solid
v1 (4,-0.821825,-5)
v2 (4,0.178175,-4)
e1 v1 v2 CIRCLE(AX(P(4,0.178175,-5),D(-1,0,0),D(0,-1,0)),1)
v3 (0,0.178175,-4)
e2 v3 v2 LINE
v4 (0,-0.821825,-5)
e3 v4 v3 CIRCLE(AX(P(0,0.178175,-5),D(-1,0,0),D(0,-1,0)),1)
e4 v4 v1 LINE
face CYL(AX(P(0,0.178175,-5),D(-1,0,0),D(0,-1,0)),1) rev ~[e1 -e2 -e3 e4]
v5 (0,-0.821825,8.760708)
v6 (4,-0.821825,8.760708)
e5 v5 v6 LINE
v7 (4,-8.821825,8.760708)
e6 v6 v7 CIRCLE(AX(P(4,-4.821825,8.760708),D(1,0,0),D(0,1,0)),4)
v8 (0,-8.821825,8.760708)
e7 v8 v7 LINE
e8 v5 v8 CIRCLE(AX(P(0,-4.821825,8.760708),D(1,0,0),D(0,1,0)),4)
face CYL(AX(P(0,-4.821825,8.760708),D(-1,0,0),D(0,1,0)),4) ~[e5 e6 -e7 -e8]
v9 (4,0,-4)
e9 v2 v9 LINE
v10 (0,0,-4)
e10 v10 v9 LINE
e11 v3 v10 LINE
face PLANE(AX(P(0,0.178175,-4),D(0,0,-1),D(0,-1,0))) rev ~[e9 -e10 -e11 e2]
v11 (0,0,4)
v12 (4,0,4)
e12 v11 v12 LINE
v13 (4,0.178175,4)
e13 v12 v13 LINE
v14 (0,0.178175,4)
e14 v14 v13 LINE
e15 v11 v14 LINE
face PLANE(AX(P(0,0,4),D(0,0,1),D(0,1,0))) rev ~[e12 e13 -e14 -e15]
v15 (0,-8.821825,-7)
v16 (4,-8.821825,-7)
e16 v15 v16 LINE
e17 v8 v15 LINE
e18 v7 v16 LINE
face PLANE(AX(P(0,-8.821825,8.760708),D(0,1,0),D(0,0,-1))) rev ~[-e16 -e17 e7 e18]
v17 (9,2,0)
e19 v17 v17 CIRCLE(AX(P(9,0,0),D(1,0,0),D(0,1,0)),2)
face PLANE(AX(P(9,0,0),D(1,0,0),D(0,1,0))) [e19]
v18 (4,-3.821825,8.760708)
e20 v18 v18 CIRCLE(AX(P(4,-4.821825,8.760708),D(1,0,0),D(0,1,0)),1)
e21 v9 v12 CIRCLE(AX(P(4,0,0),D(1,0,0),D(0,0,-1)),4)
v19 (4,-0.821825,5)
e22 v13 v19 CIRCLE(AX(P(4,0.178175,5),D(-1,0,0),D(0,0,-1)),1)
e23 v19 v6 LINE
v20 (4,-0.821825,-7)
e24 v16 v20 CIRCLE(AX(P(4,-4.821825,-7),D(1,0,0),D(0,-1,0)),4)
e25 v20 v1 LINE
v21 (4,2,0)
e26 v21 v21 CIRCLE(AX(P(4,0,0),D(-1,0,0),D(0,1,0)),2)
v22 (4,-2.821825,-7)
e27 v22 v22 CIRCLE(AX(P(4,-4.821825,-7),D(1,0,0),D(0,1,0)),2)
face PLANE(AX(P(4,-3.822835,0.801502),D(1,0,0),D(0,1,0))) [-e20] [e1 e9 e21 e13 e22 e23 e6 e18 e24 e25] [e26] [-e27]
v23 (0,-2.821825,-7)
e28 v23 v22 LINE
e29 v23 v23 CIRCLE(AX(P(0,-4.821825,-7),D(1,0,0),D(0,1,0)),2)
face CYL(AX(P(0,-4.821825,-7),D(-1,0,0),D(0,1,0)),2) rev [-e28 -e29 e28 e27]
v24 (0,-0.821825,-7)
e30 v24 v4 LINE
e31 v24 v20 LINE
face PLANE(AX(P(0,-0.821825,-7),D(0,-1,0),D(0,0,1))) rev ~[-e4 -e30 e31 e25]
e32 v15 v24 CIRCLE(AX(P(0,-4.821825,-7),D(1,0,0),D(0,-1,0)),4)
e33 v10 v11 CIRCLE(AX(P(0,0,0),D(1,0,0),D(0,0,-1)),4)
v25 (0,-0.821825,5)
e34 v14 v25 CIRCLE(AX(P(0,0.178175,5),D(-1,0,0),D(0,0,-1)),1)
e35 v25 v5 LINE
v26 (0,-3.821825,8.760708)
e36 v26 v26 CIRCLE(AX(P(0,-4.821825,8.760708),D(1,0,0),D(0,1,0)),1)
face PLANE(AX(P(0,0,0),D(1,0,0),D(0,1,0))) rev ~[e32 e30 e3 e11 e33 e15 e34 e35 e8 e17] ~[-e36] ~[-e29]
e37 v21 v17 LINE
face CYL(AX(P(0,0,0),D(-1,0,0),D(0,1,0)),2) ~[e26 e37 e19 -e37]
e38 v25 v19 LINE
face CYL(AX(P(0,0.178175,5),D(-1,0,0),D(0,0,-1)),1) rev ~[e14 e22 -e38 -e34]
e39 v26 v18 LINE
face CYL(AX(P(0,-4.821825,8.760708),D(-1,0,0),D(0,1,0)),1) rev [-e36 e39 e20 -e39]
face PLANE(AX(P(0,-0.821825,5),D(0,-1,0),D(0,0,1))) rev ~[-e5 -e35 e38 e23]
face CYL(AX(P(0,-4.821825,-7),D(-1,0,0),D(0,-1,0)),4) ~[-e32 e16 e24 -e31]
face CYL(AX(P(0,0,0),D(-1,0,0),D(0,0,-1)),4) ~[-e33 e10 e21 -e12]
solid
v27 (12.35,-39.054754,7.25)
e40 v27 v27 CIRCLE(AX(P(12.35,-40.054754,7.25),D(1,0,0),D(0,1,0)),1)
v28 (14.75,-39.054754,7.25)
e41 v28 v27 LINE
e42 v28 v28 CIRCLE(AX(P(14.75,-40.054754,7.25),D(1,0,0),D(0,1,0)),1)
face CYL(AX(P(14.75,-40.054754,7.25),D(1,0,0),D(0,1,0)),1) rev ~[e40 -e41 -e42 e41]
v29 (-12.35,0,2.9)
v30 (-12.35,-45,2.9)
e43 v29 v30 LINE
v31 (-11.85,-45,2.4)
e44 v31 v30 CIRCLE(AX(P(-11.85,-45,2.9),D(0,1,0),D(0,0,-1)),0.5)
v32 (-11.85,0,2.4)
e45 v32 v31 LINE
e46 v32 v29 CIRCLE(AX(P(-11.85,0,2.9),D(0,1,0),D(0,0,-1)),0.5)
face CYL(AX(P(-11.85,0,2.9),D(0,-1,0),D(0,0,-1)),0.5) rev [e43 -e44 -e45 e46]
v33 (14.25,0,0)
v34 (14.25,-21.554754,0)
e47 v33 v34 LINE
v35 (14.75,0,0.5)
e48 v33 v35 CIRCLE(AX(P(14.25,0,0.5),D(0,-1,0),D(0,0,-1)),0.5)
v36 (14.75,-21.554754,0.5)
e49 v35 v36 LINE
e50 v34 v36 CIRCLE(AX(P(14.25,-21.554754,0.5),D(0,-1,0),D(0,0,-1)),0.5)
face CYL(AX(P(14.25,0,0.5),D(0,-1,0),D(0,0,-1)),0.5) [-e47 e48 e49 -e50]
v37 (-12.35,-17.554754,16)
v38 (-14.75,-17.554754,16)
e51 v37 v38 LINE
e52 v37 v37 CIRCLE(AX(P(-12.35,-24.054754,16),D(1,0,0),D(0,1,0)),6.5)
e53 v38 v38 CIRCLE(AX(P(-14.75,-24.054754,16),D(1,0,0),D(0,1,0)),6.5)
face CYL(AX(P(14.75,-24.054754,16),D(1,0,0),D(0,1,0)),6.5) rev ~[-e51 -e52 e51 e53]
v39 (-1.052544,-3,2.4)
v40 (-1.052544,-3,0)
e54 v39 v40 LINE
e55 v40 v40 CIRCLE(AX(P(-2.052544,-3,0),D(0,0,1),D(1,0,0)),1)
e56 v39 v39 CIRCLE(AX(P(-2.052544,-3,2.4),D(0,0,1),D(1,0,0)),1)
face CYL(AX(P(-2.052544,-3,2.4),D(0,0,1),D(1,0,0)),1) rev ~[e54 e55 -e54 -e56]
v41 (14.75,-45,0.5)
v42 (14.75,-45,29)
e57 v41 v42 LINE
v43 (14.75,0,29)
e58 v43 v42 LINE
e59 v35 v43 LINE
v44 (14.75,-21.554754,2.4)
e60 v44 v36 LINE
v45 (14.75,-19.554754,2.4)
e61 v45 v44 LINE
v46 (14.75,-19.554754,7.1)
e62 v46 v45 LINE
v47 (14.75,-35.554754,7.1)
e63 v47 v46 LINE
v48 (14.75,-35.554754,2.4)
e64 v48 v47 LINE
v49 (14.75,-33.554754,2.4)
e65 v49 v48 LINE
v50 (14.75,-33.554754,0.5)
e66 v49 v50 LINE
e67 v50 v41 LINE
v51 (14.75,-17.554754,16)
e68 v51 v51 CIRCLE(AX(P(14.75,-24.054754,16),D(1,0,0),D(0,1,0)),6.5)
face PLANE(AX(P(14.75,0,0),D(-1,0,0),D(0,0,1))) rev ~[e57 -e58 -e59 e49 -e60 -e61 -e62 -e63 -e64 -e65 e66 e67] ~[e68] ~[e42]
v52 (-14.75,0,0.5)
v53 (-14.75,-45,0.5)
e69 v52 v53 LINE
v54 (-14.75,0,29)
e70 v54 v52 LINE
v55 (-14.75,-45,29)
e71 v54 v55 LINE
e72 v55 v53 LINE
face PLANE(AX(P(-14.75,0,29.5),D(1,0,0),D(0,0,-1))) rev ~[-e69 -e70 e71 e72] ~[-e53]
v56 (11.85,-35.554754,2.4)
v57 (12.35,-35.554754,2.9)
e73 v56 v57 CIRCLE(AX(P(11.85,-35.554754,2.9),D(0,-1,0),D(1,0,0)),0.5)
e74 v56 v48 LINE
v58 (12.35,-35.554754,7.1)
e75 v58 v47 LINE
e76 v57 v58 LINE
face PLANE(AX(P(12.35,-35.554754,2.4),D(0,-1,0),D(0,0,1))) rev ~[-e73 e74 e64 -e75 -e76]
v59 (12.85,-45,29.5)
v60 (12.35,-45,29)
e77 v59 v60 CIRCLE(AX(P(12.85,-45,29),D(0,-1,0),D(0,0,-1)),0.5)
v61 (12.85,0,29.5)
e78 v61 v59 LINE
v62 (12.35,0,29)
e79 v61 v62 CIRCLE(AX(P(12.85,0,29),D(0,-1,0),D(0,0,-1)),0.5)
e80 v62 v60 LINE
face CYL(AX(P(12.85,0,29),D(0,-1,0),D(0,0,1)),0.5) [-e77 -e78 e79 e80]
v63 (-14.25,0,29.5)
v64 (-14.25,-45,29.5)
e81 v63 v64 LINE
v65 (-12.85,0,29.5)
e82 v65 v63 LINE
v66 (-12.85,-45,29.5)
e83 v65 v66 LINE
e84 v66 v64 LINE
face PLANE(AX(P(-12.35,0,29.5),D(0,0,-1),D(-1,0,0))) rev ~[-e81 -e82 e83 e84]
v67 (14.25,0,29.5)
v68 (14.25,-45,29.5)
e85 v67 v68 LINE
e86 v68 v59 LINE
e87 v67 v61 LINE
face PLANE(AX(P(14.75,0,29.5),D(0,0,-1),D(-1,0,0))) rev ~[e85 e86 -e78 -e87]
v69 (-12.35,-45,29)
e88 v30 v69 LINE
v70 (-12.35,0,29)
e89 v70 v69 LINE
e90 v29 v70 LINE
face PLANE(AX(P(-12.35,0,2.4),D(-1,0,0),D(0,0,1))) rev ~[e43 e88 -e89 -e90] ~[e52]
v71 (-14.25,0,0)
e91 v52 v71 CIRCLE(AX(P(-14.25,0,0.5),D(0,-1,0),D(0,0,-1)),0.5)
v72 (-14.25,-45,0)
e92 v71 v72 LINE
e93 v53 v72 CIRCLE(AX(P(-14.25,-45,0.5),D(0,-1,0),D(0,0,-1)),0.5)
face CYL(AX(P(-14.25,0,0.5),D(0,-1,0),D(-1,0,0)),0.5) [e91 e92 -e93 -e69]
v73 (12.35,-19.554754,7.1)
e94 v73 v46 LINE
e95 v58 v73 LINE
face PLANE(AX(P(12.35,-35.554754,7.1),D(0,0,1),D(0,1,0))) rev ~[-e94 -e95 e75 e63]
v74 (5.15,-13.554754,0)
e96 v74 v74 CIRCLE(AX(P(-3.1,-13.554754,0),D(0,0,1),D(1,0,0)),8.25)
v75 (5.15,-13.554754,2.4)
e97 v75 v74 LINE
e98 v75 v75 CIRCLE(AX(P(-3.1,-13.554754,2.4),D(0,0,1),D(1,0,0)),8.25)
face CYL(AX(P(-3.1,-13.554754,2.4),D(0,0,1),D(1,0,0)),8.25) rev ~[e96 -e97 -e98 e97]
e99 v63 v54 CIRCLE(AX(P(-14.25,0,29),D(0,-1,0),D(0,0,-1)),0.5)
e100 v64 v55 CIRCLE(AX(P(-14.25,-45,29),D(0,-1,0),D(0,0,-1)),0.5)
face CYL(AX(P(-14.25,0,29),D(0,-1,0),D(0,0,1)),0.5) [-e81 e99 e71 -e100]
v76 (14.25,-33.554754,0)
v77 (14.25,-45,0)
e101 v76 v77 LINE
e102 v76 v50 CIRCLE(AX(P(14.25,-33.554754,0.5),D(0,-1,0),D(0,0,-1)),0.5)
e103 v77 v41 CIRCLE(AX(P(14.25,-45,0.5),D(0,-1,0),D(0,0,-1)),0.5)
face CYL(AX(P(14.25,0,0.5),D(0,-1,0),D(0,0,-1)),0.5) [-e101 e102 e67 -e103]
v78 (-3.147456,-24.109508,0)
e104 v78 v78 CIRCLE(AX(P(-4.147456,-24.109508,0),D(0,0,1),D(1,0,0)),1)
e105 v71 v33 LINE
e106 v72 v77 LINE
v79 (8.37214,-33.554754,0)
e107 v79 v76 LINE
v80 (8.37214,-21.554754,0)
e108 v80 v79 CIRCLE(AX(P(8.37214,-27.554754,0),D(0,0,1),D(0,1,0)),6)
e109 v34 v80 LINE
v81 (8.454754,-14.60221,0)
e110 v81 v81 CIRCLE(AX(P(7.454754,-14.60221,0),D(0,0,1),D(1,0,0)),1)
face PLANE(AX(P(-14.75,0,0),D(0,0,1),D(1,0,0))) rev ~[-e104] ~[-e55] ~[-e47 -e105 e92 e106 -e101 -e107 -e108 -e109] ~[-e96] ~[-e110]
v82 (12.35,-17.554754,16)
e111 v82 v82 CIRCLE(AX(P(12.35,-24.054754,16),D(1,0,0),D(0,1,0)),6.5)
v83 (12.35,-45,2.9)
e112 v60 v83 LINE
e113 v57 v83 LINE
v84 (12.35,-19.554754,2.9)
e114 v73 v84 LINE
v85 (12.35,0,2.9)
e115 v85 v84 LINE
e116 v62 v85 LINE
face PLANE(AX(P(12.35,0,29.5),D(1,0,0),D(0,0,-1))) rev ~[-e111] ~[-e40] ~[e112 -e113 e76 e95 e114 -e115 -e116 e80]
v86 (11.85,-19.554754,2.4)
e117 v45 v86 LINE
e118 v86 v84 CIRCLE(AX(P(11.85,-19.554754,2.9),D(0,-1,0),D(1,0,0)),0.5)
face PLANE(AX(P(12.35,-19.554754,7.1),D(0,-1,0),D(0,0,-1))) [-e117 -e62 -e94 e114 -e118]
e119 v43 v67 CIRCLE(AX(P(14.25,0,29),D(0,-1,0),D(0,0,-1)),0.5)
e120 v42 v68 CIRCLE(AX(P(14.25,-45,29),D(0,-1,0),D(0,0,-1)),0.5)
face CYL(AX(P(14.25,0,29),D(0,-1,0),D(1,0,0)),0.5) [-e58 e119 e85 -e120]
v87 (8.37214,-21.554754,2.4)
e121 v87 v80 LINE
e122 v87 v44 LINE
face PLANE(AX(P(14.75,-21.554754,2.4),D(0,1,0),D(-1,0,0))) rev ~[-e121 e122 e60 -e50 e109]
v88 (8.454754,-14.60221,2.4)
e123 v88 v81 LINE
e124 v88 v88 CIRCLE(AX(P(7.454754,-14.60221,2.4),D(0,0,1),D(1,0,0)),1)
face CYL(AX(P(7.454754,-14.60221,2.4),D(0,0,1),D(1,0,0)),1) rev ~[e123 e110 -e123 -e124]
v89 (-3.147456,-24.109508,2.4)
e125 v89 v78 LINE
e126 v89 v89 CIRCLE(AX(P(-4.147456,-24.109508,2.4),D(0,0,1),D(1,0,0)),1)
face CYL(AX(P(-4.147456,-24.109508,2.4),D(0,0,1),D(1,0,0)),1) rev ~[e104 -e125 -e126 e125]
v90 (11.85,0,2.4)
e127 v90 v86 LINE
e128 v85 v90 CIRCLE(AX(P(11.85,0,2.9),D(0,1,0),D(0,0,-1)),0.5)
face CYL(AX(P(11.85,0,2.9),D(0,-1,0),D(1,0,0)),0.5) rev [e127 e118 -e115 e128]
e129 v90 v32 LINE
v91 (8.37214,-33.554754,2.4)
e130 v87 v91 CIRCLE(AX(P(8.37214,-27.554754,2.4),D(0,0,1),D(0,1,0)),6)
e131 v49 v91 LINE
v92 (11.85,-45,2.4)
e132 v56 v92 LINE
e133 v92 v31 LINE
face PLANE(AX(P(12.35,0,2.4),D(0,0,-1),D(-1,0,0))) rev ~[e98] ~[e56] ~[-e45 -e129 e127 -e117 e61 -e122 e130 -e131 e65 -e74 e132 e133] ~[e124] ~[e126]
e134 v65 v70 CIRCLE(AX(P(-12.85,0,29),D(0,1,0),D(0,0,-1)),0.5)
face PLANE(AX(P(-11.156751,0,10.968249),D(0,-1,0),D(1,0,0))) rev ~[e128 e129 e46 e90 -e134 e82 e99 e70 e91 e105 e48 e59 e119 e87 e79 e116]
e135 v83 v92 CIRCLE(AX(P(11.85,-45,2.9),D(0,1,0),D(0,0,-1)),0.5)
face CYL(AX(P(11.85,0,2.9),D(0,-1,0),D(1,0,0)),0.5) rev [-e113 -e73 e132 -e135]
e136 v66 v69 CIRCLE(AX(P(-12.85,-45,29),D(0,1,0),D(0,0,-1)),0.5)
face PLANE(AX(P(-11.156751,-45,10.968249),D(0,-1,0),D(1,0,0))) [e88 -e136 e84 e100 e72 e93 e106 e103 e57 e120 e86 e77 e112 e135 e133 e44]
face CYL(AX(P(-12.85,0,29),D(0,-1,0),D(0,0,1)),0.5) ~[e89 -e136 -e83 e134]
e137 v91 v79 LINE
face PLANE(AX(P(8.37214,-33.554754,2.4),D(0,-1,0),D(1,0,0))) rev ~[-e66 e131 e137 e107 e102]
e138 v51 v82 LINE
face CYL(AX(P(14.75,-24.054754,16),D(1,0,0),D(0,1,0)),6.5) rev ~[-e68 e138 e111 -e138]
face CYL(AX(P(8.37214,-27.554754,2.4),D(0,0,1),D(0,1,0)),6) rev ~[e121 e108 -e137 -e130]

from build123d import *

# Parameters (mm, degrees)
F1_DEPTH      = 45
F2_R          = 0.5
F3_R          = 8.25
F3_R_2        = 1
F4_DEPTH      = 2.401
F5_R          = 6.5
F6_DEPTH      = 29.501
F8_DEPTH      = 2.401
F8_DEPTH_BACK = 3
F9_R          = 2
F9_R_2        = 1
F10_DEPTH     = 4
F11_DEPTH     = 9
F5_R_2        = 1
F12_DEPTH     = 5


with BuildPart() as f1:
    # F0 (on Front) → F1 (new body)
    with BuildSketch(Plane.XZ):
        Polygon((-12.35, 29.5), (-14.75, 29.5), (-14.75, 0), (0, 0), (0, 2.4), (-12.35, 2.4), align=None)
        Polygon((0, 2.4), (0, 0), (14.75, 0), (14.75, 29.5), (12.35, 29.5), (12.35, 2.4), align=None)
    extrude(amount=F1_DEPTH)

    # F2
    f2_edges = [f1.edges().sort_by_distance(p)[0] for p in [
        (-14.75, -22.5, 29.5),
        (-12.35, -22.5, 29.5),
        (12.35, -22.5, 29.5),
        (14.75, -22.5, 29.5),
        (14.75, -22.5, 0),
        (-14.75, -22.5, 0),
        (-12.35, -22.5, 2.4),
        (12.35, -22.5, 2.4),
    ]]
    fillet(f2_edges, radius=F2_R)

    # F3 (on face) → F4 (cut, through all)
    with BuildSketch(Plane.XY.offset(2.4)):
        with Locations((-3.1, -13.5547542126)):
            Circle(F3_R)
        with Locations((-4.1474557321, -24.1095084253)):
            Circle(F3_R_2)
        with Locations((7.4547542126, -14.6022099448)):
            Circle(F3_R_2)
        with Locations((-2.0525442679, -3)):
            Circle(F3_R_2)
        with BuildLine():
            Line((14.75, -21.5547542126), (13.6636427886, -21.5547542126))
            ThreePointArc((13.6636427886, -21.5547542126), (14.2361058268, -22.1128881049), (14.75, -22.7253749622))
            Line((14.75, -22.7253749622), (14.75, -21.5547542126))
        make_face()
        with BuildLine():
            ThreePointArc((14.75, -32.3841334631), (14.2361058268, -32.9966203204), (13.6636427886, -33.5547542126))
            Line((13.6636427886, -33.5547542126), (14.75, -33.5547542126))
            Line((14.75, -33.5547542126), (14.75, -32.3841334631))
        make_face()
        with BuildLine():
            Line((11.85, -21.5547542126), (8.3721401665, -21.5547542126))
            ThreePointArc((8.3721401665, -21.5547542126), (2.3721401665, -27.5547542126), (8.3721401665, -33.5547542126))
            Line((8.3721401665, -33.5547542126), (11.85, -33.5547542126))
            Line((11.85, -33.5547542126), (11.85, -21.5547542126))
        make_face()
        with BuildLine():
            Line((13.6636427886, -21.5547542126), (11.85, -21.5547542126))
            Line((11.85, -21.5547542126), (11.85, -33.5547542126))
            Line((11.85, -33.5547542126), (13.6636427886, -33.5547542126))
            ThreePointArc((13.6636427886, -33.5547542126), (14.2361058268, -32.9966203204), (14.75, -32.3841334631))
            Line((14.75, -32.3841334631), (14.75, -22.7253749622))
            ThreePointArc((14.75, -22.7253749622), (14.2361058268, -22.1128881049), (13.6636427886, -21.5547542126))
        make_face()
    extrude(amount=-F4_DEPTH, mode=Mode.SUBTRACT)

    # F5 (on face) → F6 (cut, through all)
    with BuildSketch(Plane.YZ.offset(14.75)):
        with Locations((-24.0547542126, 16)):
            Circle(F5_R)
    extrude(amount=-F6_DEPTH, mode=Mode.SUBTRACT)

    # F7 (on face) → F8 (cut, two sides)
    with BuildSketch(Plane(origin=(12.35, 0, 0), x_dir=(0, -1, 0), z_dir=(-1, 0, 0))) as f8_sk:
        Polygon((19.5547542126, 2.4), (27.5547542126, 2.4), (35.5547542126, 2.4), (35.5547542126, 7.1), (19.5547542126, 7.1), align=None)
    extrude(amount=-F8_DEPTH, mode=Mode.SUBTRACT)
    extrude(f8_sk.sketch, amount=F8_DEPTH_BACK, mode=Mode.SUBTRACT)

    # F5 (on face) → F12 (cut)
    with BuildSketch(Plane.YZ.offset(14.75)):
        with Locations((-40.0547542126, 7.25)):
            Circle(F5_R_2)
    extrude(amount=-F12_DEPTH, mode=Mode.SUBTRACT)


with BuildPart() as f10:
    # F9 (on Right) → F10 (new body)
    with BuildSketch(Plane.YZ):
        with BuildLine():
            ThreePointArc((-0.8218253805, 8.760707734), (-4.8218253805, 12.760707734), (-8.8218253805, 8.760707734))
            Line((-8.8218253805, 8.760707734), (-8.8218253805, -7))
            ThreePointArc((-8.8218253805, -7), (-4.8218253805, -11), (-0.8218253805, -7))
            Line((-0.8218253805, -7), (-0.8218253805, -5))
            ThreePointArc((-0.8218253805, -5), (-0.5289321617, -4.2928932188), (0.1781746195, -4))
            Line((0.1781746195, -4), (0, -4))
            ThreePointArc((0, -4), (4, 0), (0, 4))
            Line((0, 4), (0.1781746195, 4))
            ThreePointArc((0.1781746195, 4), (-0.5289321617, 4.2928932188), (-0.8218253805, 5))
            Line((-0.8218253805, 5), (-0.8218253805, 8.760707734))
        make_face()
        with Locations((-4.8218253805, -7)):
            Circle(F9_R, mode=Mode.SUBTRACT)
        Circle(F9_R, mode=Mode.SUBTRACT)
        with Locations((-4.8218253805, 8.760707734)):
            Circle(F9_R_2, mode=Mode.SUBTRACT)
        Circle(F9_R)
    extrude(amount=F10_DEPTH)

    # F9 (on Right) → F11 (join)
    with BuildSketch(Plane.YZ):
        Circle(F9_R)
    extrude(amount=F11_DEPTH)


solid = Compound([f1.part, f10.part])
